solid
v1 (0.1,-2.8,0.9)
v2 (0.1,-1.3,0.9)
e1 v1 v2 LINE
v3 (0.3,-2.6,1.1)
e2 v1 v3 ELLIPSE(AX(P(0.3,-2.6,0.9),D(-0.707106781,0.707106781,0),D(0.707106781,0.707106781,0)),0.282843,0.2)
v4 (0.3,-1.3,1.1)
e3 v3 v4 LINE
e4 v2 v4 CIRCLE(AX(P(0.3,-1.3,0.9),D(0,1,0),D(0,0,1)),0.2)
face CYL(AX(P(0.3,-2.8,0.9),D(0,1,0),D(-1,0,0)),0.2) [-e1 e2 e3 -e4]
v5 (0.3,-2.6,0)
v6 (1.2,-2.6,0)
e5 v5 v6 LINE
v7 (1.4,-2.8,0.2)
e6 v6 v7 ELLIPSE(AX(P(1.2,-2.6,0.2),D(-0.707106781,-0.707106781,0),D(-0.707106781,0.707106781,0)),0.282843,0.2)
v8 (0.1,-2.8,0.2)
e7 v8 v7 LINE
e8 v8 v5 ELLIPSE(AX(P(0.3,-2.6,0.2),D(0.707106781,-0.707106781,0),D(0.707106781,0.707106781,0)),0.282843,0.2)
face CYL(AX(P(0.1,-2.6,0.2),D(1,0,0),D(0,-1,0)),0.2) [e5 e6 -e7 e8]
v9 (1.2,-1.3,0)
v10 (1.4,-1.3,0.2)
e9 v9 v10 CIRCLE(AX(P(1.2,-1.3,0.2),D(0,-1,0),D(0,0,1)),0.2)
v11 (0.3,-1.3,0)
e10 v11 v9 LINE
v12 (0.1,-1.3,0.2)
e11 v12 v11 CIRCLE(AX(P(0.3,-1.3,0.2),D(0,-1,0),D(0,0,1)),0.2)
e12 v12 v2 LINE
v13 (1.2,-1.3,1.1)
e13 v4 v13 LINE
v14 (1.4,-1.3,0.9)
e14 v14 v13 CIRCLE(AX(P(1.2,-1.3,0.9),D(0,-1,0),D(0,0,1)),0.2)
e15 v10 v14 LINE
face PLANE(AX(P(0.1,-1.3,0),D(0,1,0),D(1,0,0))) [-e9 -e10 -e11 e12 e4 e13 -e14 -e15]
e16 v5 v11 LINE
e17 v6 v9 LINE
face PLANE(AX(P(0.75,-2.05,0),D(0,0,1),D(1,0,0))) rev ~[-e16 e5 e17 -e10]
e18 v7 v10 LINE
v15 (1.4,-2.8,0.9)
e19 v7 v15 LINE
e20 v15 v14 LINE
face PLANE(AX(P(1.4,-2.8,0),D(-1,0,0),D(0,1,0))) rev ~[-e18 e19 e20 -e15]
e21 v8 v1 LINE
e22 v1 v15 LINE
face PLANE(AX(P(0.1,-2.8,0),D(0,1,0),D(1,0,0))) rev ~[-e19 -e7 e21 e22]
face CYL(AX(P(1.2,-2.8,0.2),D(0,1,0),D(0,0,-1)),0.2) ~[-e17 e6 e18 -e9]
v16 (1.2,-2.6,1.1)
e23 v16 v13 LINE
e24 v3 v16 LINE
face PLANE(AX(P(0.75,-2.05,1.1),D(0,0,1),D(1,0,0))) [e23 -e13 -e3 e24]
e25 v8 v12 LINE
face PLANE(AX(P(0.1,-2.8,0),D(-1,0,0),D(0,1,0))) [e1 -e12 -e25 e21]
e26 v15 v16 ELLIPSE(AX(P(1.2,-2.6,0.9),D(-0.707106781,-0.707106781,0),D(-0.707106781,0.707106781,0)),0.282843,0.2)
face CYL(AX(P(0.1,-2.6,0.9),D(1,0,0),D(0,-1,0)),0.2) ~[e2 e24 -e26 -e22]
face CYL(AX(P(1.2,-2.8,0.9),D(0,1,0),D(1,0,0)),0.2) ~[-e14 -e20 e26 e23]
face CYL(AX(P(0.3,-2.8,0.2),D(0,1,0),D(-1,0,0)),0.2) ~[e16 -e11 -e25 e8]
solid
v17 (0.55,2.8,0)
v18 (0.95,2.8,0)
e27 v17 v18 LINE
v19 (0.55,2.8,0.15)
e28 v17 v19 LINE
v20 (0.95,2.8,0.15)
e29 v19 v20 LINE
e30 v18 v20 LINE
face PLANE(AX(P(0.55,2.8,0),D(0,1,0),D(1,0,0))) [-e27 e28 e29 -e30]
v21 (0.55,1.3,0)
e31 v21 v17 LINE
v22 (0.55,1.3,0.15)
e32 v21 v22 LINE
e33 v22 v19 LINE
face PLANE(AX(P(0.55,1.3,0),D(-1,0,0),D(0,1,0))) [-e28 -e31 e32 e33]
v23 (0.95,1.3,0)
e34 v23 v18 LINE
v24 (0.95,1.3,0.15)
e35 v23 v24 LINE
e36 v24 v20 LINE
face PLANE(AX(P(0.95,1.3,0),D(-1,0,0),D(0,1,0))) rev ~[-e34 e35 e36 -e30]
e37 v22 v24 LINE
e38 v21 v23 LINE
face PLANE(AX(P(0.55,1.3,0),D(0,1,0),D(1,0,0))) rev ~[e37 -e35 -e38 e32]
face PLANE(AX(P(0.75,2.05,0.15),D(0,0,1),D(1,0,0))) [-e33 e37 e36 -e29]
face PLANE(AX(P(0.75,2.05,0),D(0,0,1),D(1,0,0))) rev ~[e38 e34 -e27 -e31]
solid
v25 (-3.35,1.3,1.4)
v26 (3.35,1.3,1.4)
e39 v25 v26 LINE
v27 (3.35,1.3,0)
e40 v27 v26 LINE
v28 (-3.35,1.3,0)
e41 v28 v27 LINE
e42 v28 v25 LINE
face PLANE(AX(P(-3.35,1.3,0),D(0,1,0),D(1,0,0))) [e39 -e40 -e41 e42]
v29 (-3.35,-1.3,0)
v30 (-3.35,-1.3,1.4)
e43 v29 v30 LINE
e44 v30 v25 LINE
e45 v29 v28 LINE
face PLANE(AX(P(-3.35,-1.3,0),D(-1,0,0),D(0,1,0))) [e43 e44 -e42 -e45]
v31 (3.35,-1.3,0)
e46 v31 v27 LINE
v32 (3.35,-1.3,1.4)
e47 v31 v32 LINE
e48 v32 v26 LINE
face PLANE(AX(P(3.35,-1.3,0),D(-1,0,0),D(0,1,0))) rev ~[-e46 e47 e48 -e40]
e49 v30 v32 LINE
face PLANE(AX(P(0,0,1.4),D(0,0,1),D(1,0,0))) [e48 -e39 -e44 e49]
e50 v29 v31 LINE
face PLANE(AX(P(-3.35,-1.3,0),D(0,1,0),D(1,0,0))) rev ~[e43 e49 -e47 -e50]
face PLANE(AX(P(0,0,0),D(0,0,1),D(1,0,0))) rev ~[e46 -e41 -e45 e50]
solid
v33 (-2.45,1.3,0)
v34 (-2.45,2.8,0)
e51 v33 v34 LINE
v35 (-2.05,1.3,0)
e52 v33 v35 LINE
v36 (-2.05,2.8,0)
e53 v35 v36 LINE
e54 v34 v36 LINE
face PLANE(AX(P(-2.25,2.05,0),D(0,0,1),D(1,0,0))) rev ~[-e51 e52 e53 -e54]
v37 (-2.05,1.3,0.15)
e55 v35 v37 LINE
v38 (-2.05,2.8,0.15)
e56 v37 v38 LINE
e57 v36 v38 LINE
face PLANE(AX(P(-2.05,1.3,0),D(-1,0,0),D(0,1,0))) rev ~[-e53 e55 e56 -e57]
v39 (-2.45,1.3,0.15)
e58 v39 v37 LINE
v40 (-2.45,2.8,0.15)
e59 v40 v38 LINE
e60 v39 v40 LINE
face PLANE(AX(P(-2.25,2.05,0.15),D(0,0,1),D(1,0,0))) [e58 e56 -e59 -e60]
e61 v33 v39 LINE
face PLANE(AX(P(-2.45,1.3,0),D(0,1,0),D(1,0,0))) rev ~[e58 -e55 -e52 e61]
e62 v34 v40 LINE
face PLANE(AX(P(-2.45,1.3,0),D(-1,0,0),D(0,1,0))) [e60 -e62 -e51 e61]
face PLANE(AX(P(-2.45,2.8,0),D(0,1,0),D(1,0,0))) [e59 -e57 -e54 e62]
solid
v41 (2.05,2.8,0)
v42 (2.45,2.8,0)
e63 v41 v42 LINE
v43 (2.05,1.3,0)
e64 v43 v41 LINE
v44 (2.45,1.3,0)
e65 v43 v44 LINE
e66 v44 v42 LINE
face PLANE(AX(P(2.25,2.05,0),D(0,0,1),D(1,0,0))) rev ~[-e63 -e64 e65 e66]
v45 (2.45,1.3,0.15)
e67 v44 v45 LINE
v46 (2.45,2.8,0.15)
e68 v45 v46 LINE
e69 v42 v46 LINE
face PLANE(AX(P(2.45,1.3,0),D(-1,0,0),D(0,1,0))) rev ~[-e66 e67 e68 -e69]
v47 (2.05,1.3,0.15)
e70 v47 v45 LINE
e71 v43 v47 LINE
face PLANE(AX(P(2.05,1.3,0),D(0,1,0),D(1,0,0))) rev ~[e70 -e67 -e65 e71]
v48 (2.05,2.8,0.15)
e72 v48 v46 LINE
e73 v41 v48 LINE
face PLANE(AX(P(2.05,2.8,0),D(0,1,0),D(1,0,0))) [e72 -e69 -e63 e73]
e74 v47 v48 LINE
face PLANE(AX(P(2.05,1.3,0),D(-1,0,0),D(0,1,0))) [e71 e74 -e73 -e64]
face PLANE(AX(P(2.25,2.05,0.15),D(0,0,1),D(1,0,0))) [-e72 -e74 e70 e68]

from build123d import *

# Parameters (mm, degrees)
SKETCH_W     = 6.7
SKETCH_H     = 2.6
PAD_DEPTH    = 1.4
SKETCH001_W  = 0.4
SKETCH001_H  = 1.5
PAD001_DEPTH = 0.15
SKETCH002_W  = 1.3
SKETCH002_H  = 1.5
PAD002_DEPTH = 1.1
FILLET_R     = 0.2
FILLET001_R  = 0.2


with BuildPart() as pad:
    # Sketch → Pad (new body)
    with BuildSketch(Plane.XY):
        Rectangle(SKETCH_W, SKETCH_H)
    extrude(amount=PAD_DEPTH)


with BuildPart() as pad001:
    # Sketch001 → Pad001 (new body)
    with BuildSketch(Plane.XY):
        with Locations((-2.25, 2.05)):
            Rectangle(SKETCH001_W, SKETCH001_H)
        with Locations((0.75, 2.05)):
            Rectangle(SKETCH001_W, SKETCH001_H)
        with Locations((2.25, 2.05)):
            Rectangle(SKETCH001_W, SKETCH001_H)
    extrude(amount=PAD001_DEPTH)


with BuildPart() as fillet001:
    # Sketch002 → Pad002 (new body)
    with BuildSketch(Plane.XY):
        with Locations((0.75, -2.05)):
            Rectangle(SKETCH002_W, SKETCH002_H)
    extrude(amount=PAD002_DEPTH)

    # Fillet
    fillet_edges = [fillet001.edges().sort_by_distance(p)[0] for p in [
        (1.4, -2.05, 1.1),
        (0.75, -2.8, 1.1),
        (0.1, -2.05, 1.1),
    ]]
    fillet(fillet_edges, radius=FILLET_R)

    # Fillet001
    fillet001_edges = [fillet001.edges().sort_by_distance(p)[0] for p in [
        (1.4, -2.05, 0),
        (0.75, -2.8, 0),
        (0.1, -2.05, 0),
    ]]
    fillet(fillet001_edges, radius=FILLET001_R)


solid = Compound([pad.part, pad001.part, fillet001.part])
